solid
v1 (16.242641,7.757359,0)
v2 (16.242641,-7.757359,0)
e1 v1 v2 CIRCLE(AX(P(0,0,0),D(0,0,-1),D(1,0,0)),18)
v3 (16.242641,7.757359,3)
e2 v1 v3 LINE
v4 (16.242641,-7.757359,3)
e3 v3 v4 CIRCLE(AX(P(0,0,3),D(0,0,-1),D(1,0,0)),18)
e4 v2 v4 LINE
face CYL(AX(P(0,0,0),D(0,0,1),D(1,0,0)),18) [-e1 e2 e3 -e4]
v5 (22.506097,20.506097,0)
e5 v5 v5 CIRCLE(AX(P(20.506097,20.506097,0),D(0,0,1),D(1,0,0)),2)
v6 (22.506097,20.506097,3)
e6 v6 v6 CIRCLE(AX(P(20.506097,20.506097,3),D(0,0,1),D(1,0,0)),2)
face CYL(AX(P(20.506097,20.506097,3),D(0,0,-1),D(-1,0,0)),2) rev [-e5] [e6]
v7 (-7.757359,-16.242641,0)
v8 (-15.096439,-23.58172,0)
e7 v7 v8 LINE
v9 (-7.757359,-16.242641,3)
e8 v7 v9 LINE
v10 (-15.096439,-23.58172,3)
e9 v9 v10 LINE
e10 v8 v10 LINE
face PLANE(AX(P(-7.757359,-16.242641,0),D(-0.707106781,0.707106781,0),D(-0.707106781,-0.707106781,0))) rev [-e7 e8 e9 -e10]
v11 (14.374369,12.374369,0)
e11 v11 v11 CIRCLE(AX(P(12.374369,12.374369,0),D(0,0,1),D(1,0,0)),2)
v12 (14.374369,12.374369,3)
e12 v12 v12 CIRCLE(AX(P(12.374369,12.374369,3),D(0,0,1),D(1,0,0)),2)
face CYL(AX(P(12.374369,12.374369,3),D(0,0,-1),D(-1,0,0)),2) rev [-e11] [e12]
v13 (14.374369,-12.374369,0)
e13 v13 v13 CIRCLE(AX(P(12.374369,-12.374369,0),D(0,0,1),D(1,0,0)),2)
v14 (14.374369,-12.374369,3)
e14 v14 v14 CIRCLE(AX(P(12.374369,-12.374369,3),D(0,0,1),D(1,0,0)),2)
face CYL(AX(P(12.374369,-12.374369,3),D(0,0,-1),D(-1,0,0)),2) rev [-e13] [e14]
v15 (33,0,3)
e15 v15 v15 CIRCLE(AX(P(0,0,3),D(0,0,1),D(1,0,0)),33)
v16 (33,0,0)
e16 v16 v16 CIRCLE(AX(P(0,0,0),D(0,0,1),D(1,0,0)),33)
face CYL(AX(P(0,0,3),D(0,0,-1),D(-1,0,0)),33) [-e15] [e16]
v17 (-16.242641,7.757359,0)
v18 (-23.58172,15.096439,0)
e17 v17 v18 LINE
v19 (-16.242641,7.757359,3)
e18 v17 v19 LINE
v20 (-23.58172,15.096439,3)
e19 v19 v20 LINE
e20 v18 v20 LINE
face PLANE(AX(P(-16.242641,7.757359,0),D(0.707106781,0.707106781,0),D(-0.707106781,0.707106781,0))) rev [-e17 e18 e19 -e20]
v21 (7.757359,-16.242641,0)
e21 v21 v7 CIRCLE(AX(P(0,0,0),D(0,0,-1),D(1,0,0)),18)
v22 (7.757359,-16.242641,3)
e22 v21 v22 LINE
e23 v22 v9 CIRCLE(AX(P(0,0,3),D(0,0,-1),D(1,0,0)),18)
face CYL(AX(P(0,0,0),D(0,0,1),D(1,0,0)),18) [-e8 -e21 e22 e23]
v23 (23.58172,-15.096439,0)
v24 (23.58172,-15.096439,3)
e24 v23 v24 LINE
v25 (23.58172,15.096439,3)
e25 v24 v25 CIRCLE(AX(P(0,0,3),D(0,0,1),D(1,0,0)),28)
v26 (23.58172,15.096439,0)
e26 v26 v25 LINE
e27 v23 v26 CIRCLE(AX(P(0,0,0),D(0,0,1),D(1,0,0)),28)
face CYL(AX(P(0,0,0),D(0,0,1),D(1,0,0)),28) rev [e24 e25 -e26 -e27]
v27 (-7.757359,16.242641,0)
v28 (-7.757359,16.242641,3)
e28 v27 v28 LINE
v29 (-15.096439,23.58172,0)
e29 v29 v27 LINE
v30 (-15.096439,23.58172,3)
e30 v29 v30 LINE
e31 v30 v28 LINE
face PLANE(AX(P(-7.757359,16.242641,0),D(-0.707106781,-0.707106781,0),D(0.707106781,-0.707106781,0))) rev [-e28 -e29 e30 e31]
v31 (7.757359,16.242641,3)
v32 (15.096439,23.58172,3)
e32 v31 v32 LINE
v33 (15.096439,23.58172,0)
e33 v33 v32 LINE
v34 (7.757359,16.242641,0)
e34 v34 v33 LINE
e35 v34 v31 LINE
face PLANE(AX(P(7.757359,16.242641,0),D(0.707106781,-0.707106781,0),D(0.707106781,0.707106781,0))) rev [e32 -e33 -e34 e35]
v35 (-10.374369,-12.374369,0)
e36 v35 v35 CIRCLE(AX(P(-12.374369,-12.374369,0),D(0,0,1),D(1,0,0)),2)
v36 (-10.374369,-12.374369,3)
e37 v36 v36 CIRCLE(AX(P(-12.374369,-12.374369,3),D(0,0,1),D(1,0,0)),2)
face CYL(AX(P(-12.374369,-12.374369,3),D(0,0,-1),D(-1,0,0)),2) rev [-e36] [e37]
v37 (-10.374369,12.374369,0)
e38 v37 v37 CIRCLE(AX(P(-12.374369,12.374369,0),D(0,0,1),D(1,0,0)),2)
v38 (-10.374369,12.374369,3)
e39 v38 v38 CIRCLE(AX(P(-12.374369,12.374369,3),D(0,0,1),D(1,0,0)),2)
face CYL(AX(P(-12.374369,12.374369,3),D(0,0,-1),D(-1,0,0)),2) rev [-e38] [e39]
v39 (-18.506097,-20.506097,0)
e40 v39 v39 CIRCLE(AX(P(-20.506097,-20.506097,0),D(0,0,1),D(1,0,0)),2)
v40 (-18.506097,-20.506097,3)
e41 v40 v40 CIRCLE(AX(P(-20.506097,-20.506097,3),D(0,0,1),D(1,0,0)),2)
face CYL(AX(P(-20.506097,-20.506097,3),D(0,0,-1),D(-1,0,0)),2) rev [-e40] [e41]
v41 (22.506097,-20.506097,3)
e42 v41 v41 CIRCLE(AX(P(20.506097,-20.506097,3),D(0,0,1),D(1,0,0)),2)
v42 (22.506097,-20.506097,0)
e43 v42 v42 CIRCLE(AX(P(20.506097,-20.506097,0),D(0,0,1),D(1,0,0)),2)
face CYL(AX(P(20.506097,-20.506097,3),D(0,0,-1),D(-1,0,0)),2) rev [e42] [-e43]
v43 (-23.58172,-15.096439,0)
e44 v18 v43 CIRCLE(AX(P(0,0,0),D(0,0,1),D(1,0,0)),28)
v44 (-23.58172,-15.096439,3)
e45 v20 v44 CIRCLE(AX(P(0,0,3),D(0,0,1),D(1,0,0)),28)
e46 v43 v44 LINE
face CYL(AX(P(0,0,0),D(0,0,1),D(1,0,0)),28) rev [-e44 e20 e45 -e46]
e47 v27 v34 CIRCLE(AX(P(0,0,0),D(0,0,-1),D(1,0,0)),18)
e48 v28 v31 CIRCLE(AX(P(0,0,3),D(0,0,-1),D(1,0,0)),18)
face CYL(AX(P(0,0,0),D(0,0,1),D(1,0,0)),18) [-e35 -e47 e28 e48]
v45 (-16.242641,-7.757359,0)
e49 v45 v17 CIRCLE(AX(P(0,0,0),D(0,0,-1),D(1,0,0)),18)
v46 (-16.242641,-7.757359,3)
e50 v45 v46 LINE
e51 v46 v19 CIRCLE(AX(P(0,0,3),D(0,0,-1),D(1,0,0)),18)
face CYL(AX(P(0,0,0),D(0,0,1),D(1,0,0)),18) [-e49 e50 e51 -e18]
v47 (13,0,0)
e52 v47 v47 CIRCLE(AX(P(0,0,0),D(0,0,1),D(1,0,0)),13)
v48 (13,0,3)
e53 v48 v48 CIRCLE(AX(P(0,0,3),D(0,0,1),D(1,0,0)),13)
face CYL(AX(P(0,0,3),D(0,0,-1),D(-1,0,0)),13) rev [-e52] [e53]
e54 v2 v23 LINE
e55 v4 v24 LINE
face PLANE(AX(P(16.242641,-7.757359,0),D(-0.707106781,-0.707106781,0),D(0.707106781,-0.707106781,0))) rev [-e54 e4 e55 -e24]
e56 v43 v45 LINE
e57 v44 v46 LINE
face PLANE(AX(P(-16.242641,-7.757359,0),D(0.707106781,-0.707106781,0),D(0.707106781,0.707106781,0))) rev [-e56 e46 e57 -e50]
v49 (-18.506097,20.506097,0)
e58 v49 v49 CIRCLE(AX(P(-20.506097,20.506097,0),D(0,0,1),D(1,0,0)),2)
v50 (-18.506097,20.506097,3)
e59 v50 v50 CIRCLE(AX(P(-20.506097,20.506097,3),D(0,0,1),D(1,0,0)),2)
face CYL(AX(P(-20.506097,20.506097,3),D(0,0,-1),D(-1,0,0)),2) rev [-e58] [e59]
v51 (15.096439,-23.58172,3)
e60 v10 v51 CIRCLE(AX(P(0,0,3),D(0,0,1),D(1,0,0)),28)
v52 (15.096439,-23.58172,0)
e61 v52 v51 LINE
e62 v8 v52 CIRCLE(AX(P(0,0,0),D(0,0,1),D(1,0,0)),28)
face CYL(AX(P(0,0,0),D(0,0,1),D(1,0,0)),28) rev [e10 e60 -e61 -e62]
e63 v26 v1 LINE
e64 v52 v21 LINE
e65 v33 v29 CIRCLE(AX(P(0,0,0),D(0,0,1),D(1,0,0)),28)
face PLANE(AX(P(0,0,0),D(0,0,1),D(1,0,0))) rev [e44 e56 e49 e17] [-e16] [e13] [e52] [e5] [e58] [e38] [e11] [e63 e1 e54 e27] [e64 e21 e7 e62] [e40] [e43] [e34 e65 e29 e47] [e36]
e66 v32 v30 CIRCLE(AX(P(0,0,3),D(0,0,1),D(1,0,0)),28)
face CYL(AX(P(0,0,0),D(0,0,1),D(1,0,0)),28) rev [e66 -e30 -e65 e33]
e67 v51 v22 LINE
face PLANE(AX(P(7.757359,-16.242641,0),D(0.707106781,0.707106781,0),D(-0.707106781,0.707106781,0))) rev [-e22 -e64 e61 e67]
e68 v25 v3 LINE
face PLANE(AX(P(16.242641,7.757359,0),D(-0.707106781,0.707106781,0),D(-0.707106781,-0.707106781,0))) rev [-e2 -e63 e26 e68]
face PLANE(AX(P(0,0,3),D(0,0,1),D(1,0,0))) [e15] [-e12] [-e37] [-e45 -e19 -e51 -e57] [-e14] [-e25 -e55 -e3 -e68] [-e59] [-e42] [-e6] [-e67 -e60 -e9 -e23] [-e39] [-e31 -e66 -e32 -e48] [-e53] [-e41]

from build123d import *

# Parameters (mm, degrees)
SKETCH_1_R          = 33
SKETCH_1_R_2        = 2
SKETCH_1_R_3        = 13
EXTRUDE_1_DEPTH     = 3
CUT_EXTRUDE_1_DEPTH = 47.765371804


with BuildPart() as part:
    # 草图1 → 凸台-拉伸1 (new body)
    with BuildSketch(Plane.XY):
        Circle(SKETCH_1_R)
        with Locations((-20.506096654, 20.506096654)):
            Circle(SKETCH_1_R_2, mode=Mode.SUBTRACT)
        with Locations((20.506096654, 20.506096654)):
            Circle(SKETCH_1_R_2, mode=Mode.SUBTRACT)
        with Locations((20.506096654, -20.506096654)):
            Circle(SKETCH_1_R_2, mode=Mode.SUBTRACT)
        with Locations((-20.506096654, -20.506096654)):
            Circle(SKETCH_1_R_2, mode=Mode.SUBTRACT)
        with Locations((-12.374368671, 12.374368671)):
            Circle(SKETCH_1_R_2, mode=Mode.SUBTRACT)
        with Locations((12.374368671, 12.374368671)):
            Circle(SKETCH_1_R_2, mode=Mode.SUBTRACT)
        with Locations((12.374368671, -12.374368671)):
            Circle(SKETCH_1_R_2, mode=Mode.SUBTRACT)
        with Locations((-12.374368671, -12.374368671)):
            Circle(SKETCH_1_R_2, mode=Mode.SUBTRACT)
        Circle(SKETCH_1_R_3, mode=Mode.SUBTRACT)
    extrude(amount=EXTRUDE_1_DEPTH)

    # 草图2 → 切除-拉伸1 (cut, through all)
    with BuildSketch(Plane.XY.offset(3)):
        with BuildLine():
            Line((-7.757359313, 16.242640687), (-15.096438919, 23.581720293))
            ThreePointArc((-15.096438919, 23.581720293), (0, 28), (15.096438919, 23.581720293))
            Line((15.096438919, 23.581720293), (7.757359313, 16.242640687))
            ThreePointArc((7.757359313, 16.242640687), (0, 18), (-7.757359313, 16.242640687))
        make_face()
        with BuildLine():
            Line((16.242640687, 7.757359313), (23.581720293, 15.096438919))
            ThreePointArc((23.581720293, 15.096438919), (28, 0), (23.581720293, -15.096438919))
            Line((23.581720293, -15.096438919), (16.242640687, -7.757359313))
            ThreePointArc((16.242640687, -7.757359313), (18, 0), (16.242640687, 7.757359313))
        make_face()
        with BuildLine():
            Line((7.757359313, -16.242640687), (15.096438919, -23.581720293))
            ThreePointArc((15.096438919, -23.581720293), (0, -28), (-15.096438919, -23.581720293))
            Line((-15.096438919, -23.581720293), (-7.757359313, -16.242640687))
            ThreePointArc((-7.757359313, -16.242640687), (0, -18), (7.757359313, -16.242640687))
        make_face()
        with BuildLine():
            Line((-16.242640687, -7.757359313), (-23.581720293, -15.096438919))
            ThreePointArc((-23.581720293, -15.096438919), (-28, 0), (-23.581720293, 15.096438919))
            Line((-23.581720293, 15.096438919), (-16.242640687, 7.757359313))
            ThreePointArc((-16.242640687, 7.757359313), (-18, 0), (-16.242640687, -7.757359313))
        make_face()
    extrude(amount=-CUT_EXTRUDE_1_DEPTH, mode=Mode.SUBTRACT)


solid = part.part
